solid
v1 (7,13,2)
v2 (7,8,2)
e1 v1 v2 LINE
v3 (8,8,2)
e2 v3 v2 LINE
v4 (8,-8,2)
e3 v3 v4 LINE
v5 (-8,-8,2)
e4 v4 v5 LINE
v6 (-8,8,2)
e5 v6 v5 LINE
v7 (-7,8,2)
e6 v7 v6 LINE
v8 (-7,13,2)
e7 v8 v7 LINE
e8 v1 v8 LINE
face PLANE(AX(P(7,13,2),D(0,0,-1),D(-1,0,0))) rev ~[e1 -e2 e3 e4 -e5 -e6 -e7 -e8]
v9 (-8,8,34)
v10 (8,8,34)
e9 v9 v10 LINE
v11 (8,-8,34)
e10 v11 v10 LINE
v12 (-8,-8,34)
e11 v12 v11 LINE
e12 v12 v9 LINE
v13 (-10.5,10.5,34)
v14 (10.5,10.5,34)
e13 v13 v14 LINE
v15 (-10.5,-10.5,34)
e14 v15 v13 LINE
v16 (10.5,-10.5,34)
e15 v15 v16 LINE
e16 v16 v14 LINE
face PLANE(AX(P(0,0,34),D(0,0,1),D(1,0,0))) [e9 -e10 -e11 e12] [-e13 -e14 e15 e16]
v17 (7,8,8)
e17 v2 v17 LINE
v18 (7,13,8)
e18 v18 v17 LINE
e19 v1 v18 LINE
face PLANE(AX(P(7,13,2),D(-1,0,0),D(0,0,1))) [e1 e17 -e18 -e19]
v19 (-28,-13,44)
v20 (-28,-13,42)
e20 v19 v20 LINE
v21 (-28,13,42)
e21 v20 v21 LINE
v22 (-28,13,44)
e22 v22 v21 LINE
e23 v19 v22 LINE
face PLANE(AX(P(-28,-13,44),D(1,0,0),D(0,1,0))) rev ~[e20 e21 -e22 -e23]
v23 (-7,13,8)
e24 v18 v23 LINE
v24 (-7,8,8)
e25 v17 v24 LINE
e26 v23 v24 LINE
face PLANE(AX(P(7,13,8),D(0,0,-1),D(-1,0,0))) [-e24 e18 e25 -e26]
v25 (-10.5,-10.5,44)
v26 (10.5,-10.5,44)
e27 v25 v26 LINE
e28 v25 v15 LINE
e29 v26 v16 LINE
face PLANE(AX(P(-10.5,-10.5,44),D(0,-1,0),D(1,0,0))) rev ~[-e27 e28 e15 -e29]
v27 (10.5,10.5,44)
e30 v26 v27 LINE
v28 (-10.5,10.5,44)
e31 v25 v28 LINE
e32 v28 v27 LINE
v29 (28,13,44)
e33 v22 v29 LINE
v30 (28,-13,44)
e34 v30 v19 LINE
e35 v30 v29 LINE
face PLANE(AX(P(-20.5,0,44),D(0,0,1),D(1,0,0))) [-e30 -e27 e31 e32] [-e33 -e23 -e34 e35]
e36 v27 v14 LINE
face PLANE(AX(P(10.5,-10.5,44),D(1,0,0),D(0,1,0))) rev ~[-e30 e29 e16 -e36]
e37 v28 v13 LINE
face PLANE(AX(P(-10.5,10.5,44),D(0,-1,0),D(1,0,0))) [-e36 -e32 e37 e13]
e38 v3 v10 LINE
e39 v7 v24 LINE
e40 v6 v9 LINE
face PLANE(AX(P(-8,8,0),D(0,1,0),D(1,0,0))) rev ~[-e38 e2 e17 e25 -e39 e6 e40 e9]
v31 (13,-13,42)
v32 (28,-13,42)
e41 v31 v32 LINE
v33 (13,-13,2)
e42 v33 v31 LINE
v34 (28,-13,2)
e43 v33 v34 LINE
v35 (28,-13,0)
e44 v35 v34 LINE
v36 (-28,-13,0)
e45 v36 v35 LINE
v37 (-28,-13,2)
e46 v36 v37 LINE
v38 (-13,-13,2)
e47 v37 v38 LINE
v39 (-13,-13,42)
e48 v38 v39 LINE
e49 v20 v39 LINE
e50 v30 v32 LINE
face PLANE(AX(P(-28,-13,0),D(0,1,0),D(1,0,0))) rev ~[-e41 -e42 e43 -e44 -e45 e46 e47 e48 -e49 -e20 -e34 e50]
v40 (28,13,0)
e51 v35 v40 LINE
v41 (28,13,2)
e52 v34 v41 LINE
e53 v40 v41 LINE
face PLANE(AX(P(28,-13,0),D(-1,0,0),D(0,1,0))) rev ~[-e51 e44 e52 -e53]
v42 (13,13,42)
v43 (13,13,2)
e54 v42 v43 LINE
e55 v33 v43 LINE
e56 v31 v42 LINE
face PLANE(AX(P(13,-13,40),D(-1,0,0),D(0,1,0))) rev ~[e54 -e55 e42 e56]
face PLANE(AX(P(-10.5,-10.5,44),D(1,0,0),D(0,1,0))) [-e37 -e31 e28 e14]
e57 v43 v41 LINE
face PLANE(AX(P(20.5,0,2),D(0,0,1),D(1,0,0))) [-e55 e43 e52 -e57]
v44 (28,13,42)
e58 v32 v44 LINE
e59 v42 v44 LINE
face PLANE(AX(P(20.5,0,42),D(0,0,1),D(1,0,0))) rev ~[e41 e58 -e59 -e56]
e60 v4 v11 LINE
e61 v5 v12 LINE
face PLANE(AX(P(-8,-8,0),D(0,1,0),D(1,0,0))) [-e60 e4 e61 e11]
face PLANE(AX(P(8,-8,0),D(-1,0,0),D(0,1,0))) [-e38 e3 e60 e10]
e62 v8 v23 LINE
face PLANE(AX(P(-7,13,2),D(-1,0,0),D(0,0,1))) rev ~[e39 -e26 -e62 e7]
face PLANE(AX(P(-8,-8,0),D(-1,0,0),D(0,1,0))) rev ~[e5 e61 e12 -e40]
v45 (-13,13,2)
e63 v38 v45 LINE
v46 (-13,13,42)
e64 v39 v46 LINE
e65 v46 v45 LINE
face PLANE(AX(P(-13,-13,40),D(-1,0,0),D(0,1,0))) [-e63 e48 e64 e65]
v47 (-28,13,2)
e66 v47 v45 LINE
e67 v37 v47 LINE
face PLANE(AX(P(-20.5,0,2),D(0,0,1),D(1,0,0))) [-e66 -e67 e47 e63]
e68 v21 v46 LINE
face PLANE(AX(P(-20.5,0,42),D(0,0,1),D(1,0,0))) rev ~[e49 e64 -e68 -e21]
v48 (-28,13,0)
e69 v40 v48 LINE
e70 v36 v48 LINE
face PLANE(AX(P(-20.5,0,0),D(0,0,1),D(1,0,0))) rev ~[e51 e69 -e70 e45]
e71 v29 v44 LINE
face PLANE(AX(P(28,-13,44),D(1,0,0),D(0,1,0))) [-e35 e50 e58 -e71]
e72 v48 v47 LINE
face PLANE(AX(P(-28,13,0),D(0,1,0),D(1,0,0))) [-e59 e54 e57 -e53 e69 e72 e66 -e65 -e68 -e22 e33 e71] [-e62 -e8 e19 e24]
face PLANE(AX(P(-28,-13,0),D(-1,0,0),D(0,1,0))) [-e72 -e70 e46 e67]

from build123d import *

# Parameters (mm, degrees)
F0_W      = 26
F0_H      = 26
F0_W_2    = 16
F0_H_2    = 16
F1_DEPTH  = 2
F2_DEPTH  = 40
F3_W      = 26
F3_H      = 26
F3_W_2    = 18
F3_H_2    = 18
F4_DEPTH  = 4
F7_W      = 14
F7_H      = 6
F8_DEPTH  = 15.3
F9_W      = 15
F9_H      = 26
F10_DEPTH = 2
F11_W     = 15
F11_H     = 26
F12_DEPTH = 2
F13_W     = 21
F13_H     = 21
F14_DEPTH = 10


with BuildPart() as f1:
    # F0 (on Top) → F1 (new body)
    with BuildSketch(Plane.XY):
        Rectangle(F0_W, F0_H)
        Rectangle(F0_W_2, F0_H_2, mode=Mode.SUBTRACT)
        Rectangle(F0_W_2, F0_H_2)
    extrude(amount=F1_DEPTH)

    # F0 (on Top) → F2 (join)
    with BuildSketch(Plane.XY):
        Rectangle(F0_W, F0_H)
        Rectangle(F0_W_2, F0_H_2, mode=Mode.SUBTRACT)
    extrude(amount=F2_DEPTH)

    # F3 (on face) → F4 (join)
    with BuildSketch(Plane.XY.offset(40)):
        Rectangle(F3_W, F3_H)
        Rectangle(F3_W_2, F3_H_2, mode=Mode.SUBTRACT)
    extrude(amount=F4_DEPTH)

    # F7 (on face) → F8 (cut)
    with BuildSketch(Plane(origin=(0, 13, 0), x_dir=(-1, 0, 0), z_dir=(0, 1, 0))):
        with Locations((0, 5)):
            Rectangle(F7_W, F7_H)
    extrude(amount=-F8_DEPTH, mode=Mode.SUBTRACT)

    # F9 (on face) → F10 (join)
    with BuildSketch(Plane.XY.offset(44)):
        with Locations((-20.5, 0)):
            Rectangle(F9_W, F9_H)
        with Locations((20.5, 0)):
            Rectangle(F9_W, F9_H)
    extrude(amount=-F10_DEPTH)

    # F11 (on face) → F12 (join)
    with BuildSketch(Plane.XY):
        with Locations((-20.5, 0)):
            Rectangle(F11_W, F11_H)
        with Locations((20.5, 0)):
            Rectangle(F11_W, F11_H)
    extrude(amount=F12_DEPTH)

    # F13 (on face) → F14 (cut)
    with BuildSketch(Plane.XY.offset(44)):
        Rectangle(F13_W, F13_H)
    extrude(amount=-F14_DEPTH, mode=Mode.SUBTRACT)


solid = f1.part
